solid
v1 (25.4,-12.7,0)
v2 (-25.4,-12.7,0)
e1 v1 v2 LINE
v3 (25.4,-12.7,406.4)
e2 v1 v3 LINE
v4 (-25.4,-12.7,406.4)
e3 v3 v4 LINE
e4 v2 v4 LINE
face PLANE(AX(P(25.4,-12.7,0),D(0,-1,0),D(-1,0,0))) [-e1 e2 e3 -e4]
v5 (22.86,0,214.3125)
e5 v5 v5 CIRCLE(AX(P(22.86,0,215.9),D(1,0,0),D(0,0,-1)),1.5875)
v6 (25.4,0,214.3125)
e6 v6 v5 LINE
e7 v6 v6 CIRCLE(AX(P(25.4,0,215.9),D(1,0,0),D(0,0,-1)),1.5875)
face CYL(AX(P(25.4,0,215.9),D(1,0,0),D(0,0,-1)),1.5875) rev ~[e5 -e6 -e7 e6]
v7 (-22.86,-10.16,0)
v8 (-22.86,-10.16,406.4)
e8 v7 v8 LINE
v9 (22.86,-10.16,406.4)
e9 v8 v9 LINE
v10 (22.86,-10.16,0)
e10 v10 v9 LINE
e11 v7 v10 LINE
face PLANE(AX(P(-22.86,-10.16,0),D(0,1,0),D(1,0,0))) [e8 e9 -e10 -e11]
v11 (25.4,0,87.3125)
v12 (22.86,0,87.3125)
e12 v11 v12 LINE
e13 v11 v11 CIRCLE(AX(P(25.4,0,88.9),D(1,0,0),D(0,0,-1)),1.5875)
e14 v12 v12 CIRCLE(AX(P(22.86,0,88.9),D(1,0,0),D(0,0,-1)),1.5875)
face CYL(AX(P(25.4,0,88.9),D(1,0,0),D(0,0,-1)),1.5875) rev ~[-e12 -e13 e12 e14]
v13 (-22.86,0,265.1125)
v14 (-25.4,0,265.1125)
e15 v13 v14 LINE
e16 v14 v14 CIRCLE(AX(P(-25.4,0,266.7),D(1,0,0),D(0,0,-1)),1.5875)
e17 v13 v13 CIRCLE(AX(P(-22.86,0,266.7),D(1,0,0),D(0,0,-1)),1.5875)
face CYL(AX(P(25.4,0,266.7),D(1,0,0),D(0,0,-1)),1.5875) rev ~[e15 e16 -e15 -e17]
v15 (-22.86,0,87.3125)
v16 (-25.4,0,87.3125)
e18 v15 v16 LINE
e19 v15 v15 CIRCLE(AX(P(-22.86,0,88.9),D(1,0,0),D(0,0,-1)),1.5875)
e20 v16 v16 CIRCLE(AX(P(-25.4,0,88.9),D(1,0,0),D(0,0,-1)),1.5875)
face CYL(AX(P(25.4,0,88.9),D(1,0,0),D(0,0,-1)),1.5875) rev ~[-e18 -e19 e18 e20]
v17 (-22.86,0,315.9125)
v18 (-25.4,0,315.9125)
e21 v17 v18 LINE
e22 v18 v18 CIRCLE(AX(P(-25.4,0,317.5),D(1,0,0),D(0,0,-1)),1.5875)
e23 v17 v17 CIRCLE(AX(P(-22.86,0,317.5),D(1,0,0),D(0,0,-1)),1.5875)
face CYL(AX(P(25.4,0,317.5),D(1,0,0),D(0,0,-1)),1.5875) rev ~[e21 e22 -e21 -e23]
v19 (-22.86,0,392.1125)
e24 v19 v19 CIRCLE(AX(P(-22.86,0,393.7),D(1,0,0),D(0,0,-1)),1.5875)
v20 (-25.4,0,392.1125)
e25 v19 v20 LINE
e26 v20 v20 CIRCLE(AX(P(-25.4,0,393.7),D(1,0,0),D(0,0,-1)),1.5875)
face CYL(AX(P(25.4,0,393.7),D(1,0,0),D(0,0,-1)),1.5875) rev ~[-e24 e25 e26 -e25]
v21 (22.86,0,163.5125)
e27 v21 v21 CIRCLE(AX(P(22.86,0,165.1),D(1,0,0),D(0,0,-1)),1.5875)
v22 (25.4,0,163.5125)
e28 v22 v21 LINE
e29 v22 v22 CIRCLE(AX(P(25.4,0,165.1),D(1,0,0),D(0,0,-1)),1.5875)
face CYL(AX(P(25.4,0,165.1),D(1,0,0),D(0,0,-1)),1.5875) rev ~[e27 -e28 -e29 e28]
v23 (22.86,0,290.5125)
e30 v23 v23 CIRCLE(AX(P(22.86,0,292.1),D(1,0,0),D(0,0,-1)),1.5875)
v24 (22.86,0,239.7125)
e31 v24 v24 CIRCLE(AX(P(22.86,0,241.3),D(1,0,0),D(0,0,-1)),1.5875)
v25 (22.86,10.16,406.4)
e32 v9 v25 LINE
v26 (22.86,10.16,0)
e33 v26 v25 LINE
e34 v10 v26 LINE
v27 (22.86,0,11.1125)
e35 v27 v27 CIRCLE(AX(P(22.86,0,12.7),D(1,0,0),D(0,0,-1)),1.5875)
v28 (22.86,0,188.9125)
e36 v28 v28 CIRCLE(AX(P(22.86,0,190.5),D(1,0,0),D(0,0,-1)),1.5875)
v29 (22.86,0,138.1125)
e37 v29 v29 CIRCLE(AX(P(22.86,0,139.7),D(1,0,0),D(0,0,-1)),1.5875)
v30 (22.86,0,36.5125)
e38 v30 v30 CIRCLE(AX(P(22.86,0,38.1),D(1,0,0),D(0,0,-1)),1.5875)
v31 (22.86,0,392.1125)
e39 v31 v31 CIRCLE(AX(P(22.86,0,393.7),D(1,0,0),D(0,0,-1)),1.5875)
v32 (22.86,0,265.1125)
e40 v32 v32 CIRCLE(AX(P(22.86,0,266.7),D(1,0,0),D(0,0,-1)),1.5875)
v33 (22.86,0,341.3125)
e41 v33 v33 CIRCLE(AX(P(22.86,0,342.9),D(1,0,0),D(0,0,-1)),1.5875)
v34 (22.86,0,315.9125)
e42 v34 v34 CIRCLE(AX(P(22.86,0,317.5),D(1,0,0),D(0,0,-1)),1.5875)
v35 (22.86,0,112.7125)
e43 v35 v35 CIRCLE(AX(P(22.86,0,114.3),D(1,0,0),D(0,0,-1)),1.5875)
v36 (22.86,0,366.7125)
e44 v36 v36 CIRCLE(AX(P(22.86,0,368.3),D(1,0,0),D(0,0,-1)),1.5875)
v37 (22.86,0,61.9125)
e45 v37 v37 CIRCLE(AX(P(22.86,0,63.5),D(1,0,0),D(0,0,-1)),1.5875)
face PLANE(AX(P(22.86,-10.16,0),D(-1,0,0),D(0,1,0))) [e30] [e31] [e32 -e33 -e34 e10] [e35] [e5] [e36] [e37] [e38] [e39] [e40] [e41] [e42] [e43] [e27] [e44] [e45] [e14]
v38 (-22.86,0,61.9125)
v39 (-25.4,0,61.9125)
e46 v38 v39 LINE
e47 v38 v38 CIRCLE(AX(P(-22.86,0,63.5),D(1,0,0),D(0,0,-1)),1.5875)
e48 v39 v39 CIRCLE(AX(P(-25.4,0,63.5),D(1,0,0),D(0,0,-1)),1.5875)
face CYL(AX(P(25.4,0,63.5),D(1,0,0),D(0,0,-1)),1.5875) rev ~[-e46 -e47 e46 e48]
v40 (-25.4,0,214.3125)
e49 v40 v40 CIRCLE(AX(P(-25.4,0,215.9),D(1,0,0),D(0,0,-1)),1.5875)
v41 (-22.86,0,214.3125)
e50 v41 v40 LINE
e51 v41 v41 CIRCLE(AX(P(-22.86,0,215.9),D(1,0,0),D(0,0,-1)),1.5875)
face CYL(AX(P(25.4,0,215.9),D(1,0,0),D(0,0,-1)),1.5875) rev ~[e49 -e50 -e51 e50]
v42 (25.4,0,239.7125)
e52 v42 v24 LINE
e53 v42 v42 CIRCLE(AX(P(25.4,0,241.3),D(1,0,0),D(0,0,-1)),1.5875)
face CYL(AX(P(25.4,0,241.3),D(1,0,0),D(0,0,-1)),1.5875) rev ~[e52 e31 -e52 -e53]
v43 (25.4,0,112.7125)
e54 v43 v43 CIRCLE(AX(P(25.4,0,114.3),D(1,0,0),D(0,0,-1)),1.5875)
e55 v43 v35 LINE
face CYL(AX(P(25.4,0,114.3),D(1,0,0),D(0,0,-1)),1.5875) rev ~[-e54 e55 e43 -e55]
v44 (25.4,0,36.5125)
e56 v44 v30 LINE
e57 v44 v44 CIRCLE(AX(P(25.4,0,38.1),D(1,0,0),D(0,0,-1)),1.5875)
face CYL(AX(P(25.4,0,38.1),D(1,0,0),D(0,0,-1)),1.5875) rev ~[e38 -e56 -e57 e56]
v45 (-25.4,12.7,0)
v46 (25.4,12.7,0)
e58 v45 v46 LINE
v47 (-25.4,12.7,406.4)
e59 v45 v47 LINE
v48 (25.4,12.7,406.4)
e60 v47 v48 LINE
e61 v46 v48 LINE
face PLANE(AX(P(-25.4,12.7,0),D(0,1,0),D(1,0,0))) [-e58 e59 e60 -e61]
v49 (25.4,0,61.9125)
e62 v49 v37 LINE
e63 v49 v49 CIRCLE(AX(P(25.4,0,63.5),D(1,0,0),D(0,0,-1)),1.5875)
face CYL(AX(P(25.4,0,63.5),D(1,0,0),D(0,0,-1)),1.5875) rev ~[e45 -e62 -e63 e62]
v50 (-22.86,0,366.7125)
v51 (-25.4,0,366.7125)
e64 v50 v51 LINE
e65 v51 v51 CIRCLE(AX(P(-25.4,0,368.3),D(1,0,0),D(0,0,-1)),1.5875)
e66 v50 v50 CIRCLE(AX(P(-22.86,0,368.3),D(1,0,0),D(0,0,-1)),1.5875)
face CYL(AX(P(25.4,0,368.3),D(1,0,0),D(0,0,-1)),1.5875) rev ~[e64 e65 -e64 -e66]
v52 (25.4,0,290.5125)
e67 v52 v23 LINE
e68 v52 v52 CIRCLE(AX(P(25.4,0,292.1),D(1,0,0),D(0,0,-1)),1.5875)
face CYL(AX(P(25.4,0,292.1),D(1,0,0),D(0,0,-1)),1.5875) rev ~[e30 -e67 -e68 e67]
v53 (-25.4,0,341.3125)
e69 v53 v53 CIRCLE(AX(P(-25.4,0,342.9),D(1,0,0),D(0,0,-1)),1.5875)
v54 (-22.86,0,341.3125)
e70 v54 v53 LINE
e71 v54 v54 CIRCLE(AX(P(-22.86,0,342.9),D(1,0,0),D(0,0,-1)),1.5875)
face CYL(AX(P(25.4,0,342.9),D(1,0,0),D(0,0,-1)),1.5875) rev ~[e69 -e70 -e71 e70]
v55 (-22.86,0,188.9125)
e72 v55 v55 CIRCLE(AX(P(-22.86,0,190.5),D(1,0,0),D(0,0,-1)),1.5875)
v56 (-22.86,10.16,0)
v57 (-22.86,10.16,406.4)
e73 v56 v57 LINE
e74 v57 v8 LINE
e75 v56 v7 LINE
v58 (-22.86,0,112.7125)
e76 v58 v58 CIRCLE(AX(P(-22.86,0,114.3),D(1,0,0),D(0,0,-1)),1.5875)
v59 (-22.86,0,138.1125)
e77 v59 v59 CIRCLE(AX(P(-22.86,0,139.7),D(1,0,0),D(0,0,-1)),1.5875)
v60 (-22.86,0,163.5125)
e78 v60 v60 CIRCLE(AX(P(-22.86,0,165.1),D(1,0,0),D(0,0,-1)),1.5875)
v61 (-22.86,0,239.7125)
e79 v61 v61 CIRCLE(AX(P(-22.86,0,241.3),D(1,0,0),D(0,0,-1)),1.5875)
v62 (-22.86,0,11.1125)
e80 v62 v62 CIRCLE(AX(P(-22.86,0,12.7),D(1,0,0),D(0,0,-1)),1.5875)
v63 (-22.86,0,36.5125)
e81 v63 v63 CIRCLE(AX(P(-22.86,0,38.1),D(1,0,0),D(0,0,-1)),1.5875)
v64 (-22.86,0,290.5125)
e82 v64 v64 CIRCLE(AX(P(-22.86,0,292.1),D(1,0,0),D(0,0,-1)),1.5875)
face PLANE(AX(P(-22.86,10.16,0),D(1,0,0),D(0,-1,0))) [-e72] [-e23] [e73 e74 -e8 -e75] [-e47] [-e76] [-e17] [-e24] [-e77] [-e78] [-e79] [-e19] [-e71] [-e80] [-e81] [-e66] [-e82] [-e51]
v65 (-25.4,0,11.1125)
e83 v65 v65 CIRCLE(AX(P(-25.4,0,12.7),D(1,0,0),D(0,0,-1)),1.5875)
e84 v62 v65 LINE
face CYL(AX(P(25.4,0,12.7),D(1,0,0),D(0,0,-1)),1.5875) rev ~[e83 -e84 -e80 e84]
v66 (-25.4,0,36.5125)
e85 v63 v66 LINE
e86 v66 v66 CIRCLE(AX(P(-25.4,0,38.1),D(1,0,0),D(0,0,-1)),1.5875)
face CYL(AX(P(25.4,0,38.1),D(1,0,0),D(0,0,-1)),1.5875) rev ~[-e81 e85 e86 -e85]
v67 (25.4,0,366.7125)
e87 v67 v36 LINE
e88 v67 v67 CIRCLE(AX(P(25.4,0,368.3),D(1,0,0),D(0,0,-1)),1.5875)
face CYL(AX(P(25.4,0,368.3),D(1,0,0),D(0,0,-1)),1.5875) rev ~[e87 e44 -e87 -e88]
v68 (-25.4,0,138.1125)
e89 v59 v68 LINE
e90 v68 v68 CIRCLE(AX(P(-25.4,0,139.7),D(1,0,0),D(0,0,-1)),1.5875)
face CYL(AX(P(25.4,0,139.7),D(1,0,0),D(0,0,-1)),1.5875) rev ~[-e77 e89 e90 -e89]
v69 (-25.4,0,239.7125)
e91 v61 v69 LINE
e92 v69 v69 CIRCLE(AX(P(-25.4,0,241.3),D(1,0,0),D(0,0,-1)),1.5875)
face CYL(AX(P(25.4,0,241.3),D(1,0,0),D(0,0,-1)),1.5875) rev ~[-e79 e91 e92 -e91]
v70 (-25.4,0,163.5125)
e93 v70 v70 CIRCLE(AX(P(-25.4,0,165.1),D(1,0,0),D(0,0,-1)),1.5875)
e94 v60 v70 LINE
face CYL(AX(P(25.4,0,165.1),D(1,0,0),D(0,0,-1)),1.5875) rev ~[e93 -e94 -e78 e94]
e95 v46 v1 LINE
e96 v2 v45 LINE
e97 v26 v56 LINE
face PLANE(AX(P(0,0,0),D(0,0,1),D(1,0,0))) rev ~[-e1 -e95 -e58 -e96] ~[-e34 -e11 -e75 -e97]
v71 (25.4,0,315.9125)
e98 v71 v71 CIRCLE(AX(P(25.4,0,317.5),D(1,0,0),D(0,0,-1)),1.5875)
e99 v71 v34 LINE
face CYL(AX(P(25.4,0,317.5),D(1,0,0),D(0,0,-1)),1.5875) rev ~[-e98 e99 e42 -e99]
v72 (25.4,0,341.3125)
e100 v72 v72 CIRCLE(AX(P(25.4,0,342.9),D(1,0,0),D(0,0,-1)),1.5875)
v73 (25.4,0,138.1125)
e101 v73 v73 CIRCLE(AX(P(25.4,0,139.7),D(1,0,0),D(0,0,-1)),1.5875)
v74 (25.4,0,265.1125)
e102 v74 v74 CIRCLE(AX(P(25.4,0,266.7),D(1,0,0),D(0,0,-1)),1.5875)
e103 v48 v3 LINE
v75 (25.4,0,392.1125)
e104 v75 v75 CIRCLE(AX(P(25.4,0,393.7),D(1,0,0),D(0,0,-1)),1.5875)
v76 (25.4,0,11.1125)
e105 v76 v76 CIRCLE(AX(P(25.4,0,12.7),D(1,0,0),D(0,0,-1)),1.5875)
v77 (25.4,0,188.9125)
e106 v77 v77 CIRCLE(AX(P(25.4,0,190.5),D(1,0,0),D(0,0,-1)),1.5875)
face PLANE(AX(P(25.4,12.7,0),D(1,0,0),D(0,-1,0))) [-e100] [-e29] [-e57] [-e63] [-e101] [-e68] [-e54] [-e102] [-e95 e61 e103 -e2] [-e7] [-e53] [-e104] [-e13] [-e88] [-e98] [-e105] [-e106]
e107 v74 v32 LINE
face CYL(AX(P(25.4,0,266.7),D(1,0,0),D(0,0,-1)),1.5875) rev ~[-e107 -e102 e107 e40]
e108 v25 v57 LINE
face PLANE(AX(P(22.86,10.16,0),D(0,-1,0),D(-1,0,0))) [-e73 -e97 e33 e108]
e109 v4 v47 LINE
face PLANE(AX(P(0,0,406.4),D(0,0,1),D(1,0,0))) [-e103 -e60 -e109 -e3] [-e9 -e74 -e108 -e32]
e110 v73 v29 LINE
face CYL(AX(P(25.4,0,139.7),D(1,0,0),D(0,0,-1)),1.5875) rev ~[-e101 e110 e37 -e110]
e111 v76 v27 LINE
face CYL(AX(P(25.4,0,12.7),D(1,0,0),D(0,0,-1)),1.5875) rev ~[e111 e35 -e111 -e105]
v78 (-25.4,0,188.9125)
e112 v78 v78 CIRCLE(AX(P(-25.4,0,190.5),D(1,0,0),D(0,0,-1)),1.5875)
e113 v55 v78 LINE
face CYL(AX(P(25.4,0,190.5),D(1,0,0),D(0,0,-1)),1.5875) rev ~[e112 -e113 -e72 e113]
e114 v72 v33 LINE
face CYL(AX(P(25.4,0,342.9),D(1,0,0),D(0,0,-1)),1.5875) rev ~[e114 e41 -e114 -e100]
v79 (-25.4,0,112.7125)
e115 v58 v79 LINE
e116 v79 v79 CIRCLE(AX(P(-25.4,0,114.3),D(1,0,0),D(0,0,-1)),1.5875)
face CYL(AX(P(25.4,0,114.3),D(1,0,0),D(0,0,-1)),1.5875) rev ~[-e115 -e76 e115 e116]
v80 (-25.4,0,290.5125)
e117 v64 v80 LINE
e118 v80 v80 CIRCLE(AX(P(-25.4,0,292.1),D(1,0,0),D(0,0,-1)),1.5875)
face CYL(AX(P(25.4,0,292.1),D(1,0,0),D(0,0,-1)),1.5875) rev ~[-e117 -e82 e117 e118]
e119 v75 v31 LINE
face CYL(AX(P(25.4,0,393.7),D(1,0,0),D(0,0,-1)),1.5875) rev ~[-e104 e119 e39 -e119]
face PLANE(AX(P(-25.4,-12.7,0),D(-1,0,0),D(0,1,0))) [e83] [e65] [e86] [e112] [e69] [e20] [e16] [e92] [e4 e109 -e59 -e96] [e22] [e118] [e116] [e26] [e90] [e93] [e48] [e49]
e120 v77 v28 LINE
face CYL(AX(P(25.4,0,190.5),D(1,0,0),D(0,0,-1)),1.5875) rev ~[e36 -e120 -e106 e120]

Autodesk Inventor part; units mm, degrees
ref_plane "YZ Plane" through (0, 0, 0) normal (1, 0, 0) x (0, 1, 0)
ref_plane "XZ Plane" through (0, 0, 0) normal (0, 1, 0) x (-1, 0, 0)
ref_plane "XY Plane" through (0, 0, 0) normal (0, 0, 1) x (1, 0, 0)
sketch "Sketch1" plane through (0, 0, 0) normal (0, 0, 1) x (1, 0, 0)
  line L0 (-25.4, 12.7) -> (25.4, 12.7)
  line L1 (25.4, 12.7) -> (25.4, -12.7)
  line L2 (25.4, -12.7) -> (-25.4, -12.7)
  line L3 (-25.4, -12.7) -> (-25.4, 12.7)
  line L4 (-25.4, 12.7) -> (25.4, -12.7) construction
  line L5 (25.4, 12.7) -> (-25.4, -12.7) construction
  line L6 (22.86, 10.16) -> (-22.86, 10.16)
  line L7 (-22.86, 10.16) -> (-22.86, -10.16)
  line L8 (-22.86, -10.16) -> (22.86, -10.16)
  line L9 (22.86, -10.16) -> (22.86, 10.16)
  point P0 (0, 0)
  dimension "d0" = 50.8
  dimension "d1" = 25.4
  dimension "d2" = 2.54
extrude "Extrusion1" add sketch "Sketch1" along normal blind 406.4
sketch "Sketch2" plane through (25.4, -12.7, 0) normal (1, 0, 0) x (0, 0, -1)
  circle A0 centre (-12.7, 12.7) radius 1.5875
  line L0 (0, 0) -> (0, 25.4) projected
  point P0 (0, 12.7)
  point P1 (0, 12.7)
  dimension "d5" = 3.175
  dimension "d6" = 12.7
extrude "Extrusion2" cut sketch "Sketch2" against normal through all
pattern_linear "Rectangular Pattern1" count 36 spacing 25.4 along (0, 0, 1) of "Extrusion2"
properties part number "rectangular tube-01"
